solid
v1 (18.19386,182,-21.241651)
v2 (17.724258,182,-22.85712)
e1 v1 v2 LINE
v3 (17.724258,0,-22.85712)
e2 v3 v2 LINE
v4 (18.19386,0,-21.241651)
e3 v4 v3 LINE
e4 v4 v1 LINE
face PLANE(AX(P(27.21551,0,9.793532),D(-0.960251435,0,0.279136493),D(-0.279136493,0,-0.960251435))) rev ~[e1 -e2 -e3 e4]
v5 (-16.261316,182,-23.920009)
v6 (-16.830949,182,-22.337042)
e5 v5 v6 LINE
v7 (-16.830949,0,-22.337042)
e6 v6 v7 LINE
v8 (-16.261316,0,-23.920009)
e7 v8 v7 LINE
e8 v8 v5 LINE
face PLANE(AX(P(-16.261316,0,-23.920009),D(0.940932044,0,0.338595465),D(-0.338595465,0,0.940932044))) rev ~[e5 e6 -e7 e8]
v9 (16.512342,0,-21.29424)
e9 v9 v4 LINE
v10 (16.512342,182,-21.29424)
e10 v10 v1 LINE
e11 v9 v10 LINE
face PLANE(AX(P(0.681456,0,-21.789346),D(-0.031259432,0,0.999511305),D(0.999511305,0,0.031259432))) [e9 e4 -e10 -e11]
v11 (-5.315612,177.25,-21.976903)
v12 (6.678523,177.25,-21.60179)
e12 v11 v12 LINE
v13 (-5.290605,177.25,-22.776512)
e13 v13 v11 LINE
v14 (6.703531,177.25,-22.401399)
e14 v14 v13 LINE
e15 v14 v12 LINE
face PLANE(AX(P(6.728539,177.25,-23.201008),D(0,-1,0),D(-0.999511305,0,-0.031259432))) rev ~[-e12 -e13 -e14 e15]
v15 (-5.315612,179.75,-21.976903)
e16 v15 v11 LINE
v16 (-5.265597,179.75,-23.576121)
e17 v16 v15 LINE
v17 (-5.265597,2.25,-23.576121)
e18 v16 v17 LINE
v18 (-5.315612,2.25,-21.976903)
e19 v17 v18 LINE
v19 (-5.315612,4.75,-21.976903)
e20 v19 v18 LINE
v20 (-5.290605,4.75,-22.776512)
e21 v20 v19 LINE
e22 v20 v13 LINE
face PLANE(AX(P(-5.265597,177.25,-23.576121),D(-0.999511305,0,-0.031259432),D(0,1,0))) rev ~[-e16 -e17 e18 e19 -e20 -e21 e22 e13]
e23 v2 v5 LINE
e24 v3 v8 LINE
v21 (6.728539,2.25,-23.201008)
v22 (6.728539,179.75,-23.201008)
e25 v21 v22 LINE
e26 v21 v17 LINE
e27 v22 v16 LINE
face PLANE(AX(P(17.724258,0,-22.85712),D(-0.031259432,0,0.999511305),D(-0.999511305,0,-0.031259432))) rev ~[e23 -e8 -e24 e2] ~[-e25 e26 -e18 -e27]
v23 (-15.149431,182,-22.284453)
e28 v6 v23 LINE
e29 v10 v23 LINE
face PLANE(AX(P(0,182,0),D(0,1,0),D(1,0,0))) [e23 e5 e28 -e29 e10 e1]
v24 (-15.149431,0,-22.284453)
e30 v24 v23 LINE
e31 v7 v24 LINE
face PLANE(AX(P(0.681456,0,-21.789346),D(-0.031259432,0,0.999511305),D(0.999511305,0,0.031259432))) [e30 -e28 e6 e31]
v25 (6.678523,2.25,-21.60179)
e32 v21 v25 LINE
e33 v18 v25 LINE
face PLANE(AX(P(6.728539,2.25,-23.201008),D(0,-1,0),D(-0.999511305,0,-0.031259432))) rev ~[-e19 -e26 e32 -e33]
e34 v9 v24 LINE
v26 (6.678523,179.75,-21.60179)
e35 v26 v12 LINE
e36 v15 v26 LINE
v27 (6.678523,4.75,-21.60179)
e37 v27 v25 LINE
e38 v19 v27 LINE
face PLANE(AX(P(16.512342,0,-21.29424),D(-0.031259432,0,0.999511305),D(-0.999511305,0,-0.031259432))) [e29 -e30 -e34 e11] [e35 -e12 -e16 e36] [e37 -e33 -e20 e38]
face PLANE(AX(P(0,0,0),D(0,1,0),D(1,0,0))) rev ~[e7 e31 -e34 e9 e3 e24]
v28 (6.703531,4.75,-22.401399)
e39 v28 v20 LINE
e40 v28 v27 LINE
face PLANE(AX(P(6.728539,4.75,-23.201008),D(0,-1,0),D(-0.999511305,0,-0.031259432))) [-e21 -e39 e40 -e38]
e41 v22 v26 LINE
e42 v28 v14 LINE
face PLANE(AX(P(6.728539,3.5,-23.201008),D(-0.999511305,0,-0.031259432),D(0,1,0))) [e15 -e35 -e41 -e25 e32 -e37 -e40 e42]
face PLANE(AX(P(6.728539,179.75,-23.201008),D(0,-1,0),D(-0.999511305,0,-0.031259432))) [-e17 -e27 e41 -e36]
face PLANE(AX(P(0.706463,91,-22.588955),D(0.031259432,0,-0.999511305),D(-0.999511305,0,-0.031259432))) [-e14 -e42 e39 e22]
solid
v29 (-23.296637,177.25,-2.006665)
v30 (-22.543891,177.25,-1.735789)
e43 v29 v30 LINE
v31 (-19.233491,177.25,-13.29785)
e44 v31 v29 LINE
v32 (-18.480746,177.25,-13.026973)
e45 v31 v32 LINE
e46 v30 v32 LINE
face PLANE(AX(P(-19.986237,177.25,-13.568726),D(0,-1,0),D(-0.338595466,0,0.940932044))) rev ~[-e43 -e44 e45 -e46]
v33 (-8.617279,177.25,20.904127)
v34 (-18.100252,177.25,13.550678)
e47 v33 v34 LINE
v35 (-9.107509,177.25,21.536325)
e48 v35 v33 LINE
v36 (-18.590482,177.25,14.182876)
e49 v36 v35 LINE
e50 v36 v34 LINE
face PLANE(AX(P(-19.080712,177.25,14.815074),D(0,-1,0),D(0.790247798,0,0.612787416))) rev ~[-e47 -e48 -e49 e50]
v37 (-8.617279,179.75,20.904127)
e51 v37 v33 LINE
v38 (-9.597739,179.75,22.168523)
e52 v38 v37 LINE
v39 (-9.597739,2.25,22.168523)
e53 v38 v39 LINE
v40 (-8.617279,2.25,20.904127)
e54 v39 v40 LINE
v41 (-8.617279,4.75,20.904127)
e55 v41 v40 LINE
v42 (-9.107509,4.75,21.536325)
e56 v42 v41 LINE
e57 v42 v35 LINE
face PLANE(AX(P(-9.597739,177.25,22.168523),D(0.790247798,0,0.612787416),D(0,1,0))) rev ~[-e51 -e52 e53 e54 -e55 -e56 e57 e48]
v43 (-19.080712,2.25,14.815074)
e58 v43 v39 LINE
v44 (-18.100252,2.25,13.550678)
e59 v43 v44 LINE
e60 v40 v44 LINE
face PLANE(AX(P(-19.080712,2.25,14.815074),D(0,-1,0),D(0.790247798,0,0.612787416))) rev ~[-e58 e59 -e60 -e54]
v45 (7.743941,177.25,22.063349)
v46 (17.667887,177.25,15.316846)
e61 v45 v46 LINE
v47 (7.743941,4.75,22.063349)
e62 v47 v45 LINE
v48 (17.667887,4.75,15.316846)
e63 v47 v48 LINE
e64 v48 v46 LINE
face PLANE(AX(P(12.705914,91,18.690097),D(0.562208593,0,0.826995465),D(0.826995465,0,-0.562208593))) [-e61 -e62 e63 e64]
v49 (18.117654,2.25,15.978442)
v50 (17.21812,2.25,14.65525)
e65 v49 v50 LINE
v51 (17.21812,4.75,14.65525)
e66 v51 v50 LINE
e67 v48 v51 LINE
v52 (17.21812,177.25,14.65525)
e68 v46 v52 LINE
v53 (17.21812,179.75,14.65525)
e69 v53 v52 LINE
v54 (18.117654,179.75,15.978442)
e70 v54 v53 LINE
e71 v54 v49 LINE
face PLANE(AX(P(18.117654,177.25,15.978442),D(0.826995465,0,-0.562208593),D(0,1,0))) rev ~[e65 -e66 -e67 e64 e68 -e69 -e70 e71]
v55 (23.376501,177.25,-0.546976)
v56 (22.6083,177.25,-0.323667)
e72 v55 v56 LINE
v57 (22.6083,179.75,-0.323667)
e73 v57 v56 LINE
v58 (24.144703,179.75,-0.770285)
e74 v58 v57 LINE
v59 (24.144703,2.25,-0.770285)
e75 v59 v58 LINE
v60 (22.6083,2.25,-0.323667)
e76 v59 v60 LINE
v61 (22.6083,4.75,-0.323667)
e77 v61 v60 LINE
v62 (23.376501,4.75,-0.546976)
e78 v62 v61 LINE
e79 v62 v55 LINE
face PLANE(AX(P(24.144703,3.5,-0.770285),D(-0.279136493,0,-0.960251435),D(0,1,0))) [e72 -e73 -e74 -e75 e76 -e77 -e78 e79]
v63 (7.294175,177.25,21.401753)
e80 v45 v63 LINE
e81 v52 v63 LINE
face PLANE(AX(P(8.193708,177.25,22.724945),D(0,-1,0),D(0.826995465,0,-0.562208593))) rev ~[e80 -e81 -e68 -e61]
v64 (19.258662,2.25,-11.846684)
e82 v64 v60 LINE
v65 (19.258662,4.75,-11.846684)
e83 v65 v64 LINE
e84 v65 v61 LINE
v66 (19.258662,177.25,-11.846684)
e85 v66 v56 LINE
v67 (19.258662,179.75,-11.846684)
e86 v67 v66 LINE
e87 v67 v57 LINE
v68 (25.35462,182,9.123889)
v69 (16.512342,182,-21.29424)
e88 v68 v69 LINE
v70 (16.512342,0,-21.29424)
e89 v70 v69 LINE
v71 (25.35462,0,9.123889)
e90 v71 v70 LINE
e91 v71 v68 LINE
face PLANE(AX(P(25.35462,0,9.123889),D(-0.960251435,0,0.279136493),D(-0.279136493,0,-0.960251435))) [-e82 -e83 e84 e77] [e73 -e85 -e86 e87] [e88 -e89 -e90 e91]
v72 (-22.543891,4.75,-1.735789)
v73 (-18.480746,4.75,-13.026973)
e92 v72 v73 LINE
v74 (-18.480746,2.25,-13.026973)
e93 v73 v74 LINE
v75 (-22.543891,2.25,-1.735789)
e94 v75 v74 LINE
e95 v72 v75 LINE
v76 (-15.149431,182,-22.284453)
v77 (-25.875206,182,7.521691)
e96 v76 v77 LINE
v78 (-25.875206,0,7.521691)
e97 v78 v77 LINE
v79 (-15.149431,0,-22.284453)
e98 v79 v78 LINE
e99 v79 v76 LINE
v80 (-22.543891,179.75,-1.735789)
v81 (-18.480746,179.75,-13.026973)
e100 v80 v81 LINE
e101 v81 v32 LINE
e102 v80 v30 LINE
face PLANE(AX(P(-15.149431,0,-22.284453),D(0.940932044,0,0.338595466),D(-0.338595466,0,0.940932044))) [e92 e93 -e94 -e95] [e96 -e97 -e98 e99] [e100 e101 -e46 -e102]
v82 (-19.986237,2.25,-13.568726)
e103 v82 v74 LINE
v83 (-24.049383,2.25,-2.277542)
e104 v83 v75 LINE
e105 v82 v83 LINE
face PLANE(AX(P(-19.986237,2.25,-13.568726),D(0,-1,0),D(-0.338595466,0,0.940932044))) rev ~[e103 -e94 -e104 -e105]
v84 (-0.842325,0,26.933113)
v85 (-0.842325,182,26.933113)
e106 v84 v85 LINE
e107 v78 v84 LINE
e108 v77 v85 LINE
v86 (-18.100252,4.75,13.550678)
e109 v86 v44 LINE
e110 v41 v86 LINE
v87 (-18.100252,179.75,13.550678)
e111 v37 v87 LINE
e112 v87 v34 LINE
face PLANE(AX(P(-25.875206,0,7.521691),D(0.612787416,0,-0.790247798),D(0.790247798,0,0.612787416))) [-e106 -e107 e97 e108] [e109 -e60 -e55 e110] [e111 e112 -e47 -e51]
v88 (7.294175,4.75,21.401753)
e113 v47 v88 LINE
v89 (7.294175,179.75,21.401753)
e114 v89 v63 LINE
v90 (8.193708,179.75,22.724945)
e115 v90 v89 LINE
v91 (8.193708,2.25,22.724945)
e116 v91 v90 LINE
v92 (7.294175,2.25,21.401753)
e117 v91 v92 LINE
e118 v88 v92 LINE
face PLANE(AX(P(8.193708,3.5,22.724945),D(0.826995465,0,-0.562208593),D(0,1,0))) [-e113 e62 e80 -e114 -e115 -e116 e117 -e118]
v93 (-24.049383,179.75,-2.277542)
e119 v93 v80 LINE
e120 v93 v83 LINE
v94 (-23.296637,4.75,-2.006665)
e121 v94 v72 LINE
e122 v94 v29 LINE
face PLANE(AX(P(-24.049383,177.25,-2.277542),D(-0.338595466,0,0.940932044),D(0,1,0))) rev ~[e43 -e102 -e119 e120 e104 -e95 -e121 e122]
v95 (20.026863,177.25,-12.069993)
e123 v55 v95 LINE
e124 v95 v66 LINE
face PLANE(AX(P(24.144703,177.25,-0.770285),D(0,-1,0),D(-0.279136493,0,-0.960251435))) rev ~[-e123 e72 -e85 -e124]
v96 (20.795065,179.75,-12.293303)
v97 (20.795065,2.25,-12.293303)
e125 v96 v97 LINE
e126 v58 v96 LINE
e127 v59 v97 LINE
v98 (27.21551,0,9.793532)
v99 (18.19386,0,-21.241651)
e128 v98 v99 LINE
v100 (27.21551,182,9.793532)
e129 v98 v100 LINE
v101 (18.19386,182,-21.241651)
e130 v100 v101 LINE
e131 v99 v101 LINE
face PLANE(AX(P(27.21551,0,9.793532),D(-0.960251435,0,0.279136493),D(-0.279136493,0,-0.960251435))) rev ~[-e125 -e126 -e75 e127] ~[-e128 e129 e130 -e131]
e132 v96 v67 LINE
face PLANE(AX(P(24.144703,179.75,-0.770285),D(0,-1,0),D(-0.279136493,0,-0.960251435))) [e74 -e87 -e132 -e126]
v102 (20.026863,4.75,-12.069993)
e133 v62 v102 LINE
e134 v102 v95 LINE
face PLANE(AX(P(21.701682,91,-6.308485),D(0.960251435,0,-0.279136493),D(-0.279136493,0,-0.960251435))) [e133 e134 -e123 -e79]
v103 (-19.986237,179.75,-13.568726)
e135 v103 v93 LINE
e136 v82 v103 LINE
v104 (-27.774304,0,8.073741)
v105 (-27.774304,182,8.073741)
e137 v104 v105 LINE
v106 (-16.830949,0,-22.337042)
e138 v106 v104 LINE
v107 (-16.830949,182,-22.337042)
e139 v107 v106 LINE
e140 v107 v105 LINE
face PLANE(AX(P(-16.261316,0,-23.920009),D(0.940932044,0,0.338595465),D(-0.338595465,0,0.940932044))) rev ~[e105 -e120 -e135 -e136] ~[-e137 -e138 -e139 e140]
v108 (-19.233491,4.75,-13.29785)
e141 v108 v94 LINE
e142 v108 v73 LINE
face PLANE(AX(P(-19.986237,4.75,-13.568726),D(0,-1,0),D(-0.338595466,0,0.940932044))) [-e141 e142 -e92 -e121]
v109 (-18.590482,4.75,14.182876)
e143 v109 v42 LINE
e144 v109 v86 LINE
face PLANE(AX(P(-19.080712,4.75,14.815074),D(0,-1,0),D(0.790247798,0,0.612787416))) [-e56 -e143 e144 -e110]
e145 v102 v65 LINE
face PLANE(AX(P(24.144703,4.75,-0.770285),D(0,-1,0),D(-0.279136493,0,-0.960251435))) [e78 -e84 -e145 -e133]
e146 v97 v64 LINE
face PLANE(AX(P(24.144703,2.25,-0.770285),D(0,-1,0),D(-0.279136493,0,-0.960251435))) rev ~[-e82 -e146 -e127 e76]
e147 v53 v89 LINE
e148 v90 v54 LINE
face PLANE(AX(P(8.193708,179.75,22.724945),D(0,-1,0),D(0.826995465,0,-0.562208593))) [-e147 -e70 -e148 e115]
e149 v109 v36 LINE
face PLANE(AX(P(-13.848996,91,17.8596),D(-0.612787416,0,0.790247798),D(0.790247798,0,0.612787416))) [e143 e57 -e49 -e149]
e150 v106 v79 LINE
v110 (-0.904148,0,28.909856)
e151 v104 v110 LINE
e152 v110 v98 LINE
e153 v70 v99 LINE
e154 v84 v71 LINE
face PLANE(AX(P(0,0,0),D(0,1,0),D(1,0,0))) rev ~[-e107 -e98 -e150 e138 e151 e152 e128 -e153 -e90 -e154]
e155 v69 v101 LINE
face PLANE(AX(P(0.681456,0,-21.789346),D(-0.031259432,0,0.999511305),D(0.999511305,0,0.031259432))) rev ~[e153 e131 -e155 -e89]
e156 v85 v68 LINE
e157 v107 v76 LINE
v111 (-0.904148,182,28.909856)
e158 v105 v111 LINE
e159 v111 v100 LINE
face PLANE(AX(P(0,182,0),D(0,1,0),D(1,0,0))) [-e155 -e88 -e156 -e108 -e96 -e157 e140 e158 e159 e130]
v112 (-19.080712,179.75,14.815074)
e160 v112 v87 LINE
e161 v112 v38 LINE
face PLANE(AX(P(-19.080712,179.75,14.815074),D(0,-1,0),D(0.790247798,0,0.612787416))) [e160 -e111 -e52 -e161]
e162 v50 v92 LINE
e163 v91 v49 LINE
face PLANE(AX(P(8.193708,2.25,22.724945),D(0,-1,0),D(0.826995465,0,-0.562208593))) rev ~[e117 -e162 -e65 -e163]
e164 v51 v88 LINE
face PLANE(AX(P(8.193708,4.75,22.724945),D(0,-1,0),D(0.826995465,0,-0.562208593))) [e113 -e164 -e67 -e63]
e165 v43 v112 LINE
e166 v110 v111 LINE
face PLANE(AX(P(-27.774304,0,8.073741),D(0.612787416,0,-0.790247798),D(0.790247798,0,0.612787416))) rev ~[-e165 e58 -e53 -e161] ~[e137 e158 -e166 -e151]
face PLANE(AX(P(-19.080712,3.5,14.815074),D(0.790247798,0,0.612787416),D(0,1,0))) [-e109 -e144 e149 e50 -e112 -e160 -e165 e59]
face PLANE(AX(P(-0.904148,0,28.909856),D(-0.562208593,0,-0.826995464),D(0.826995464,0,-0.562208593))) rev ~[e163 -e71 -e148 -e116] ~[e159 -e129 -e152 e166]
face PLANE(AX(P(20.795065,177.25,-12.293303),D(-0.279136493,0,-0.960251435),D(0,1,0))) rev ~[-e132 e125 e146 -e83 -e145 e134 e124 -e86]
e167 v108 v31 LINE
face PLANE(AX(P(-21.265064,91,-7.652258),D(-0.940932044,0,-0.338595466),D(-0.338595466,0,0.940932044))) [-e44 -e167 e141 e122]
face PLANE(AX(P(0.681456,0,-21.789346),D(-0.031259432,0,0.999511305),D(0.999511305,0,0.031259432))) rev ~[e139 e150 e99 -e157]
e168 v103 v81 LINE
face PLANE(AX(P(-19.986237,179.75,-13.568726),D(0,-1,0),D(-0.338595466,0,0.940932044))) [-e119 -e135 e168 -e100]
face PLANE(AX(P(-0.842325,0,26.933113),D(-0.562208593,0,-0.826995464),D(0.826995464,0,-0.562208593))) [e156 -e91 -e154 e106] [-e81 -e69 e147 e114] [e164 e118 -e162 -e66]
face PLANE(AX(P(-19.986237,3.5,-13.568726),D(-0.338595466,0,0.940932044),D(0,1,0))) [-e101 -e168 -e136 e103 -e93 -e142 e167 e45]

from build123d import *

# Parameters (mm, degrees)
BOSS_EXTRUDE2_DEPTH = 182
SKETCH3_W           = 12
SKETCH3_H           = 175
CUT_EXTRUDE1_DEPTH  = 0.8
SKETCH4_W           = 12
SKETCH4_H           = 2.5
CUT_EXTRUDE2_DEPTH  = 5
CIRPATTERN1_COUNT   = 5


with BuildPart() as part:
    # Sketch2 → Boss-Extrude2 (new body)
    with BuildSketch(Plane(origin=(0, 0, 0), x_dir=(1, 0, 0), z_dir=(0, 1, 0))):
        Polygon((17.724257502, 22.857119952), (-16.261316093, 23.920009101), (-27.774303549, -8.073741316), (-0.904147515, -28.909855651), (27.215509654, -9.793532086), align=None)
        Polygon((25.354620105, -9.123888867), (16.512342459, 21.294239955), (-15.149431232, 22.284452924), (-25.875205871, -7.521690627), (-0.842325462, -26.933113384), align=None, mode=Mode.SUBTRACT)
    extrude(amount=BOSS_EXTRUDE2_DEPTH)

    # Sketch3 → Cut-Extrude1 (cut)
    with BuildSketch(Plane(origin=(0.731470705, 0, -23.388564526), x_dir=(-0.999511304549409, 0, -0.03125943182367235), z_dir=(0.03125943182367234, 0, -0.9995113045494088))):
        with Locations((0, 91)):
            Rectangle(SKETCH3_W, SKETCH3_H)
    cut_extrude1 = extrude(amount=-CUT_EXTRUDE1_DEPTH, mode=Mode.SUBTRACT)

    # Sketch4 → Cut-Extrude2 (cut)
    with BuildSketch(Plane(origin=(0.731470705, 0, -23.388564526), x_dir=(-0.999511304549409, 0, -0.03125943182367227), z_dir=(0.031259431823672267, 0, -0.9995113045494088))):
        with Locations((0, 3.5)):
            Rectangle(SKETCH4_W, SKETCH4_H)
        with Locations((0, 178.5)):
            Rectangle(SKETCH4_W, SKETCH4_H)
    cut_extrude2 = extrude(amount=-CUT_EXTRUDE2_DEPTH, mode=Mode.SUBTRACT)

    # CirPattern1: Cut-Extrude1, Cut-Extrude2 ×5 about axis
    cirpattern1_axis = Axis((0, 0, 0), (0, 1, 0))
    add([cut_extrude1.rotate(cirpattern1_axis, i * 360 / CIRPATTERN1_COUNT) for i in range(1, CIRPATTERN1_COUNT)], mode=Mode.SUBTRACT)
    add([cut_extrude2.rotate(cirpattern1_axis, i * 360 / CIRPATTERN1_COUNT) for i in range(1, CIRPATTERN1_COUNT)], mode=Mode.SUBTRACT)


with BuildPart() as body_2:
    # Split1: the piece on the far side of the plane
    add(part.part)
    split(bisect_by=Plane(origin=(0.681455614, 0, -21.789346439), x_dir=(0.999511304549409, 0, 0.03125943182367256), z_dir=(-0.03125943182367256, 0, 0.999511304549409)), keep=Keep.BOTTOM)


with BuildPart() as part_1:
    add(part.part)

    # Split1
    split(bisect_by=Plane(origin=(0.681455614, 0, -21.789346439), x_dir=(0.999511304549409, 0, 0.03125943182367256), z_dir=(-0.03125943182367256, 0, 0.999511304549409)), keep=Keep.TOP)


solid = Compound([body_2.part, part_1.part])
